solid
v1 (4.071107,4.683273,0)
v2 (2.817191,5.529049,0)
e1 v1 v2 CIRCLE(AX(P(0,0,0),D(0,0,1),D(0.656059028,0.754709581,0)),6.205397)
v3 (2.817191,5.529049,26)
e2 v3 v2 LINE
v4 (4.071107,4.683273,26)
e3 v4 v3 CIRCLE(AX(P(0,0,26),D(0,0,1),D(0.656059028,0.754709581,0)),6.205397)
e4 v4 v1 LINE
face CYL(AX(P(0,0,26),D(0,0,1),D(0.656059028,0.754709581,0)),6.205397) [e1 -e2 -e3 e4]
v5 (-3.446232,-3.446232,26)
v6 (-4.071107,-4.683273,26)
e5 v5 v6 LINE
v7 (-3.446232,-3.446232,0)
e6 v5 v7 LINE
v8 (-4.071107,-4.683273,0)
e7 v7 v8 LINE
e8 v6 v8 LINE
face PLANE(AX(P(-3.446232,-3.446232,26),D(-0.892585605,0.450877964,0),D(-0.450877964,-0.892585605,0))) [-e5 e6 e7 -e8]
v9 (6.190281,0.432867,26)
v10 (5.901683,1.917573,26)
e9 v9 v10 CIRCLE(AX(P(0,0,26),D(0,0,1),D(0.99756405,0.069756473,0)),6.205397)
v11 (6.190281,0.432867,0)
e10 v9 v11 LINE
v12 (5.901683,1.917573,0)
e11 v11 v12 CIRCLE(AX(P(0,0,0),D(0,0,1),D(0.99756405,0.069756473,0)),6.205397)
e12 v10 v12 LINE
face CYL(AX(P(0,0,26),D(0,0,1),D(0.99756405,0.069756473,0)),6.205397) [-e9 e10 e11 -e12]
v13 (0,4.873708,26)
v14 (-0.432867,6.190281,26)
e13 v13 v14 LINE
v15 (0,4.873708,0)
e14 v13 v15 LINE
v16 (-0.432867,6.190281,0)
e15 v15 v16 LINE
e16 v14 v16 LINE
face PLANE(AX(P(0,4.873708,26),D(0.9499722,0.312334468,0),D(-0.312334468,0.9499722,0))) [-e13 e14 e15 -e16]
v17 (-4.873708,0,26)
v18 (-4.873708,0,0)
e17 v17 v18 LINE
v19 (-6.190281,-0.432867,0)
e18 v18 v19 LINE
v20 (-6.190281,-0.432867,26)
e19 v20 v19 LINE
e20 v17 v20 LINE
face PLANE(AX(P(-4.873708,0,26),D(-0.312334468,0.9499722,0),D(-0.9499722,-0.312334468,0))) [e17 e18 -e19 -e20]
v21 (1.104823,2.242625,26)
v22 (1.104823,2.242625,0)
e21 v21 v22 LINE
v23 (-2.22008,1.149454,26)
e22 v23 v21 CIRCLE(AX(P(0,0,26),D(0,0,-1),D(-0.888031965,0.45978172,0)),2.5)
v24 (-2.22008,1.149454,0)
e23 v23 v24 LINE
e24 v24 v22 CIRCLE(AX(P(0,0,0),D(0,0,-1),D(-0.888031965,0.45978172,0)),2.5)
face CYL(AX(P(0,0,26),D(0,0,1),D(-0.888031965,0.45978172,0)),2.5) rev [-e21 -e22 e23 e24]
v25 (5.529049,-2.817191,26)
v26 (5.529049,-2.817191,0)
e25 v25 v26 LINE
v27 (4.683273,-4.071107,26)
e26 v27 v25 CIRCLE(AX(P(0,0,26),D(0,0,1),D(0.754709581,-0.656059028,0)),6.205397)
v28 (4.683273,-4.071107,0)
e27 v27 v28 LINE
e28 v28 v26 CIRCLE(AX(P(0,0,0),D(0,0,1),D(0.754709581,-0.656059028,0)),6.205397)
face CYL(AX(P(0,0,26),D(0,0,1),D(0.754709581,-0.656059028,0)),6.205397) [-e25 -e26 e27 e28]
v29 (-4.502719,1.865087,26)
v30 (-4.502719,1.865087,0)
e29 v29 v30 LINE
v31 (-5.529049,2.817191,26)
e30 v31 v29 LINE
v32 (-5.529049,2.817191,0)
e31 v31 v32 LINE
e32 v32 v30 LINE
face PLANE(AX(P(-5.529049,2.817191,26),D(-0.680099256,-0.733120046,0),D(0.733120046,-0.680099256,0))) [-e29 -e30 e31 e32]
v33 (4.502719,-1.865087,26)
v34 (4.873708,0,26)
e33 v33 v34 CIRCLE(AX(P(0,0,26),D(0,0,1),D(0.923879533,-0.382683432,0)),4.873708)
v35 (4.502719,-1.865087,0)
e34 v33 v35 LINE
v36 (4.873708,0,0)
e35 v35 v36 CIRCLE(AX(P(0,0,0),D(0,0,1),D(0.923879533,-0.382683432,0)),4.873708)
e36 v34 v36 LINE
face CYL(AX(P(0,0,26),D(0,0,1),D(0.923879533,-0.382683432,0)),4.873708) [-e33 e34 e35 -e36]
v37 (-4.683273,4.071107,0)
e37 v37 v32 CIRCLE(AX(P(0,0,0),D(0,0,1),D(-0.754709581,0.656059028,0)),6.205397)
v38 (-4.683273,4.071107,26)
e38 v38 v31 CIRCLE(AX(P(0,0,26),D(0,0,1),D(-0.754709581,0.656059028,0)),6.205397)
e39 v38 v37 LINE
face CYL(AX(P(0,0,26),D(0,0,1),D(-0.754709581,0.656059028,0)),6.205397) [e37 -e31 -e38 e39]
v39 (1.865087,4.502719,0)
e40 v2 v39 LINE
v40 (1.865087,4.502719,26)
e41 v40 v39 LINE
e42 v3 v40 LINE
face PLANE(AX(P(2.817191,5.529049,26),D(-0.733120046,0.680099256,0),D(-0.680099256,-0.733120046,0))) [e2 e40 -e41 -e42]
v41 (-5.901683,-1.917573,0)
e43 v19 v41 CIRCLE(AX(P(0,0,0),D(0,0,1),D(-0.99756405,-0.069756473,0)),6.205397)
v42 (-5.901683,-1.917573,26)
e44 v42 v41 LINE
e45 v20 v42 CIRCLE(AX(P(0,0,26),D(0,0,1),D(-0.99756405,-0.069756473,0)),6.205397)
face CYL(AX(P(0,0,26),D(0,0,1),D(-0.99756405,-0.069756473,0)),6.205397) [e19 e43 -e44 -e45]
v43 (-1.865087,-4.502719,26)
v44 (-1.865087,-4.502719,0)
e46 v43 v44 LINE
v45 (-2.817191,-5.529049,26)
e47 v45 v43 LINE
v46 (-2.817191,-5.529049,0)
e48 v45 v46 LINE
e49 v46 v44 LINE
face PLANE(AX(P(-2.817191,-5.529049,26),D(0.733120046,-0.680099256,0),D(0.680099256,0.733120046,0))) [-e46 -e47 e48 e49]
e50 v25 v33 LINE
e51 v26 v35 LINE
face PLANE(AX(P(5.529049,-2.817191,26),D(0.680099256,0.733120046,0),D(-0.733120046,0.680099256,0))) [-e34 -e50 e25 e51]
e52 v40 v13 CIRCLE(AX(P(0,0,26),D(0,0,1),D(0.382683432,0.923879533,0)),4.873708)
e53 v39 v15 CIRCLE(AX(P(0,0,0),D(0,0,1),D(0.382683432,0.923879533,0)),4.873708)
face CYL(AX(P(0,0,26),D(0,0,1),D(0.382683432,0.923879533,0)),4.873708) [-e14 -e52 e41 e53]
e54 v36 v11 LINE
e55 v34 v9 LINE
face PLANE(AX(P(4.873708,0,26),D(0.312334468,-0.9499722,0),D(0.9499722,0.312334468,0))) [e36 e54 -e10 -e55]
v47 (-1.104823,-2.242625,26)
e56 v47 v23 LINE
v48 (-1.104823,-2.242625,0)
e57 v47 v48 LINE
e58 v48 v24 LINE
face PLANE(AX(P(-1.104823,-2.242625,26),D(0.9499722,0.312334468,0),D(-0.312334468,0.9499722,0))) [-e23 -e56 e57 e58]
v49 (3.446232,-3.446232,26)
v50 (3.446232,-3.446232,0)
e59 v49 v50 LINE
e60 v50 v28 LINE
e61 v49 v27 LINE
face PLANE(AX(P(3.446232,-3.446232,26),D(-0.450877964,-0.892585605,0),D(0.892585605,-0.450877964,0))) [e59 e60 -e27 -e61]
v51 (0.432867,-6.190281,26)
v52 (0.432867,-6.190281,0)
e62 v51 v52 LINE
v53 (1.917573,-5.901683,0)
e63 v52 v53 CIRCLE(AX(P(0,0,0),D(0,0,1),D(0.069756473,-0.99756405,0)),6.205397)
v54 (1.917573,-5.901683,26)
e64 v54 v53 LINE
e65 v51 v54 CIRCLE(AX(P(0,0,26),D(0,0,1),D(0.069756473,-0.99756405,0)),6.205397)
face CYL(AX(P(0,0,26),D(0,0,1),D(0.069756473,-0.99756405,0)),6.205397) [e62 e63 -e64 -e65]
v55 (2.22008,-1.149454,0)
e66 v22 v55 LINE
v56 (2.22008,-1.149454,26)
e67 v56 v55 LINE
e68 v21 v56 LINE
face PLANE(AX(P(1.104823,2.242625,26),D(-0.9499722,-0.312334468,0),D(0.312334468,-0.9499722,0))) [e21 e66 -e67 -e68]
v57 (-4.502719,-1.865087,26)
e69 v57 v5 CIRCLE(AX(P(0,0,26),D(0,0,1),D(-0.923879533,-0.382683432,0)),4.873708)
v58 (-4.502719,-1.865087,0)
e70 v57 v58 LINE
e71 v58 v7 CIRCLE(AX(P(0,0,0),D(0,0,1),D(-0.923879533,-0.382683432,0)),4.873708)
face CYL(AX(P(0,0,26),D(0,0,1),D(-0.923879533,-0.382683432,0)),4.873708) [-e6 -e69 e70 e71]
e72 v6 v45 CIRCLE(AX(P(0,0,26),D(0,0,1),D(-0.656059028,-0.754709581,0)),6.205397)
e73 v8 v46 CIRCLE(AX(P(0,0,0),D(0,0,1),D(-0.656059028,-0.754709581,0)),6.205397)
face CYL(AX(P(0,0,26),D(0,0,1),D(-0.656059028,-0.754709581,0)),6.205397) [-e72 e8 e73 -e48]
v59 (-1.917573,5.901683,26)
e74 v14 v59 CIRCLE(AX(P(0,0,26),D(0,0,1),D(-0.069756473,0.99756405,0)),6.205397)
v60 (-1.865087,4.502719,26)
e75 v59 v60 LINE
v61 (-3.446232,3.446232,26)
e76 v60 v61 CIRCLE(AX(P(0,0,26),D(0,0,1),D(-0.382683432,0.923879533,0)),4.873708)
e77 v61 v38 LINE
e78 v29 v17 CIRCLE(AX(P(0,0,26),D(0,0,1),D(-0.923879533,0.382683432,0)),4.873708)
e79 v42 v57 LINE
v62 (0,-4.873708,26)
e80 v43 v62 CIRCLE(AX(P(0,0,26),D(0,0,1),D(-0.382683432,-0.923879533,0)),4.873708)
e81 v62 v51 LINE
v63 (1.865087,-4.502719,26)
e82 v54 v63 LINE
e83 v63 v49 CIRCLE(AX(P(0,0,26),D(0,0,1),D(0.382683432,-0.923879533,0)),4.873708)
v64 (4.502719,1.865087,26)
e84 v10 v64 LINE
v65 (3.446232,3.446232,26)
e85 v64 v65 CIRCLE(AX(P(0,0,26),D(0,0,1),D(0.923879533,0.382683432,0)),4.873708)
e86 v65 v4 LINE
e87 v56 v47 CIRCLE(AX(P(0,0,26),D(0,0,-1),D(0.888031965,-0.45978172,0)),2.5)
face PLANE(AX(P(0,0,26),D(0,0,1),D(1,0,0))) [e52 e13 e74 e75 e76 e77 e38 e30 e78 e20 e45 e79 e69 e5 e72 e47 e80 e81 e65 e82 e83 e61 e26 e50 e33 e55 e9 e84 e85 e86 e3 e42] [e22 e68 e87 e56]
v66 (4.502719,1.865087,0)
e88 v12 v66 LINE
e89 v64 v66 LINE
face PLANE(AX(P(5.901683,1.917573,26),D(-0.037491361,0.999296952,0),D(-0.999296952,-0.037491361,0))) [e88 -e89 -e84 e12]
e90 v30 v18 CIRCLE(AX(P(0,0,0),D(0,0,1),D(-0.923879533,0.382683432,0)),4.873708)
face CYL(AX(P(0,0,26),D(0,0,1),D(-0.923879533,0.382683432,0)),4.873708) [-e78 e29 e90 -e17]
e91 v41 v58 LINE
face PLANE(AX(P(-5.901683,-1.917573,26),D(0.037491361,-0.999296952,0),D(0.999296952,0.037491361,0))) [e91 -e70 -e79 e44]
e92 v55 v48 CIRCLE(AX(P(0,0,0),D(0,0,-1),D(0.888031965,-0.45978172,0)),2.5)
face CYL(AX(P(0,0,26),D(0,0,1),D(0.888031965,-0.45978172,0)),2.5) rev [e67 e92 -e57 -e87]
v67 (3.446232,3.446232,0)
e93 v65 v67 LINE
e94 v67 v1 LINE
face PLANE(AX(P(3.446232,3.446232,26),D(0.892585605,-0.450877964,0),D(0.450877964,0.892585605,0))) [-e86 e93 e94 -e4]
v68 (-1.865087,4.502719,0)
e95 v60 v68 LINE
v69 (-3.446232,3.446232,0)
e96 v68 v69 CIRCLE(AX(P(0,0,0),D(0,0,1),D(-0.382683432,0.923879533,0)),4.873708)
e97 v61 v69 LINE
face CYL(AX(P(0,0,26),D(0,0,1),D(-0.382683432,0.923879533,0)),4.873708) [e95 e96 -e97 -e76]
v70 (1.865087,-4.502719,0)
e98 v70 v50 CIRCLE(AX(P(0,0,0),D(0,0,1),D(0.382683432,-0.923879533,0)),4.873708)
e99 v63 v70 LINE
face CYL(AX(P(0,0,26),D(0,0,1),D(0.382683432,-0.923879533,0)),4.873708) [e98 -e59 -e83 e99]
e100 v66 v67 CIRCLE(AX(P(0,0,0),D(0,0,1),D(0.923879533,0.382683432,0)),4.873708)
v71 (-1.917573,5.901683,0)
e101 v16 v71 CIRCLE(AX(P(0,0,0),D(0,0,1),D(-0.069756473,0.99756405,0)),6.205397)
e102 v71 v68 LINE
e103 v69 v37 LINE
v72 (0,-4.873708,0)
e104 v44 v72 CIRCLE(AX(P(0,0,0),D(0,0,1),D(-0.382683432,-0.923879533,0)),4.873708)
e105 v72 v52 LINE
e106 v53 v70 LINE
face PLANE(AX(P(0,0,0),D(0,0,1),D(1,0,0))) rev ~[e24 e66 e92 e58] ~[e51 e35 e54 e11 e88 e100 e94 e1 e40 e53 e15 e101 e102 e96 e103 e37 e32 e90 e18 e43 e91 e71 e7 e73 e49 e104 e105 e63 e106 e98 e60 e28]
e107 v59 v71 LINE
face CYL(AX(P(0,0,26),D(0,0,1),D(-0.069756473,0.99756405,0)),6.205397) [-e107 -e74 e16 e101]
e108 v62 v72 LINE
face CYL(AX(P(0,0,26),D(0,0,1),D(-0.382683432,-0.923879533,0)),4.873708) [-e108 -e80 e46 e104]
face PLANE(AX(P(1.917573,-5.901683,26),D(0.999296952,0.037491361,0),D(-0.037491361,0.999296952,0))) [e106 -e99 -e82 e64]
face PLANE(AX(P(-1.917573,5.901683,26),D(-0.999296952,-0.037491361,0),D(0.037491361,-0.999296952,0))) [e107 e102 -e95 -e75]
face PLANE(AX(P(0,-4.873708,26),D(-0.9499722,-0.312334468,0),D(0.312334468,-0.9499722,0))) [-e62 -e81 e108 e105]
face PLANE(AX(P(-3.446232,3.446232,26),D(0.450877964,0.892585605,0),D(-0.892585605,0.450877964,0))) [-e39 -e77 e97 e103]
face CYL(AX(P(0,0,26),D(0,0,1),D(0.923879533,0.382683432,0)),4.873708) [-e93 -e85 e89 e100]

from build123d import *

# Parameters (mm, degrees)
BOSS_EXTRUDE1_DEPTH = 26


with BuildPart() as part:
    # Sketch1 → Boss-Extrude1 (new body)
    with BuildSketch(Plane.XY.offset(26)):
        with BuildLine():
            Line((4.873707659, 0), (6.190281068, 0.43286662))
            ThreePointArc((6.190281068, 0.43286662), (6.091386481, 1.184045587), (5.901683351, 1.917573162))
            Line((5.901683351, 1.917573162), (4.502718754, 1.865087175))
            ThreePointArc((4.502718754, 1.865087175), (4.052339818, 2.7076869), (3.446231735, 3.446231735))
            Line((3.446231735, 3.446231735), (4.071106798, 4.683272643))
            ThreePointArc((4.071106798, 4.683272643), (3.470014023, 5.144507351), (2.817191332, 5.529049304))
            Line((2.817191332, 5.529049304), (1.865087175, 4.502718754))
            ThreePointArc((1.865087175, 4.502718754), (0.950813197, 4.780060733), (0, 4.873707659))
            Line((0, 4.873707659), (-0.43286662, 6.190281068))
            ThreePointArc((-0.43286662, 6.190281068), (-1.184045587, 6.091386481), (-1.917573162, 5.901683351))
            Line((-1.917573162, 5.901683351), (-1.865087175, 4.502718754))
            ThreePointArc((-1.865087175, 4.502718754), (-2.7076869, 4.052339818), (-3.446231735, 3.446231735))
            Line((-3.446231735, 3.446231735), (-4.683272643, 4.071106798))
            ThreePointArc((-4.683272643, 4.071106798), (-5.144507351, 3.470014023), (-5.529049304, 2.817191332))
            Line((-5.529049304, 2.817191332), (-4.502718754, 1.865087175))
            ThreePointArc((-4.502718754, 1.865087175), (-4.780060733, 0.950813197), (-4.873707659, 0))
            Line((-4.873707659, 0), (-6.190281068, -0.43286662))
            ThreePointArc((-6.190281068, -0.43286662), (-6.091386481, -1.184045587), (-5.901683351, -1.917573162))
            Line((-5.901683351, -1.917573162), (-4.502718754, -1.865087175))
            ThreePointArc((-4.502718754, -1.865087175), (-4.052339818, -2.7076869), (-3.446231735, -3.446231735))
            Line((-3.446231735, -3.446231735), (-4.071106798, -4.683272643))
            ThreePointArc((-4.071106798, -4.683272643), (-3.470014023, -5.144507351), (-2.817191332, -5.529049304))
            Line((-2.817191332, -5.529049304), (-1.865087175, -4.502718754))
            ThreePointArc((-1.865087175, -4.502718754), (-0.950813197, -4.780060733), (0, -4.873707659))
            Line((0, -4.873707659), (0.43286662, -6.190281068))
            ThreePointArc((0.43286662, -6.190281068), (1.184045587, -6.091386481), (1.917573162, -5.901683351))
            Line((1.917573162, -5.901683351), (1.865087175, -4.502718754))
            ThreePointArc((1.865087175, -4.502718754), (2.7076869, -4.052339818), (3.446231735, -3.446231735))
            Line((3.446231735, -3.446231735), (4.683272643, -4.071106798))
            ThreePointArc((4.683272643, -4.071106798), (5.144507351, -3.470014023), (5.529049304, -2.817191332))
            Line((5.529049304, -2.817191332), (4.502718754, -1.865087175))
            ThreePointArc((4.502718754, -1.865087175), (4.780060733, -0.950813197), (4.873707659, 0))
        make_face()
        with BuildLine():
            Line((1.104822787, 2.242624937), (2.220079912, -1.149454299))
            ThreePointArc((2.220079912, -1.149454299), (0.78083617, -2.374930499), (-1.104822787, -2.242624937))
            Line((-1.104822787, -2.242624937), (-2.220079912, 1.149454299))
            ThreePointArc((-2.220079912, 1.149454299), (-0.78083617, 2.374930499), (1.104822787, 2.242624937))
        make_face(mode=Mode.SUBTRACT)
    extrude(amount=-BOSS_EXTRUDE1_DEPTH)


solid = part.part
